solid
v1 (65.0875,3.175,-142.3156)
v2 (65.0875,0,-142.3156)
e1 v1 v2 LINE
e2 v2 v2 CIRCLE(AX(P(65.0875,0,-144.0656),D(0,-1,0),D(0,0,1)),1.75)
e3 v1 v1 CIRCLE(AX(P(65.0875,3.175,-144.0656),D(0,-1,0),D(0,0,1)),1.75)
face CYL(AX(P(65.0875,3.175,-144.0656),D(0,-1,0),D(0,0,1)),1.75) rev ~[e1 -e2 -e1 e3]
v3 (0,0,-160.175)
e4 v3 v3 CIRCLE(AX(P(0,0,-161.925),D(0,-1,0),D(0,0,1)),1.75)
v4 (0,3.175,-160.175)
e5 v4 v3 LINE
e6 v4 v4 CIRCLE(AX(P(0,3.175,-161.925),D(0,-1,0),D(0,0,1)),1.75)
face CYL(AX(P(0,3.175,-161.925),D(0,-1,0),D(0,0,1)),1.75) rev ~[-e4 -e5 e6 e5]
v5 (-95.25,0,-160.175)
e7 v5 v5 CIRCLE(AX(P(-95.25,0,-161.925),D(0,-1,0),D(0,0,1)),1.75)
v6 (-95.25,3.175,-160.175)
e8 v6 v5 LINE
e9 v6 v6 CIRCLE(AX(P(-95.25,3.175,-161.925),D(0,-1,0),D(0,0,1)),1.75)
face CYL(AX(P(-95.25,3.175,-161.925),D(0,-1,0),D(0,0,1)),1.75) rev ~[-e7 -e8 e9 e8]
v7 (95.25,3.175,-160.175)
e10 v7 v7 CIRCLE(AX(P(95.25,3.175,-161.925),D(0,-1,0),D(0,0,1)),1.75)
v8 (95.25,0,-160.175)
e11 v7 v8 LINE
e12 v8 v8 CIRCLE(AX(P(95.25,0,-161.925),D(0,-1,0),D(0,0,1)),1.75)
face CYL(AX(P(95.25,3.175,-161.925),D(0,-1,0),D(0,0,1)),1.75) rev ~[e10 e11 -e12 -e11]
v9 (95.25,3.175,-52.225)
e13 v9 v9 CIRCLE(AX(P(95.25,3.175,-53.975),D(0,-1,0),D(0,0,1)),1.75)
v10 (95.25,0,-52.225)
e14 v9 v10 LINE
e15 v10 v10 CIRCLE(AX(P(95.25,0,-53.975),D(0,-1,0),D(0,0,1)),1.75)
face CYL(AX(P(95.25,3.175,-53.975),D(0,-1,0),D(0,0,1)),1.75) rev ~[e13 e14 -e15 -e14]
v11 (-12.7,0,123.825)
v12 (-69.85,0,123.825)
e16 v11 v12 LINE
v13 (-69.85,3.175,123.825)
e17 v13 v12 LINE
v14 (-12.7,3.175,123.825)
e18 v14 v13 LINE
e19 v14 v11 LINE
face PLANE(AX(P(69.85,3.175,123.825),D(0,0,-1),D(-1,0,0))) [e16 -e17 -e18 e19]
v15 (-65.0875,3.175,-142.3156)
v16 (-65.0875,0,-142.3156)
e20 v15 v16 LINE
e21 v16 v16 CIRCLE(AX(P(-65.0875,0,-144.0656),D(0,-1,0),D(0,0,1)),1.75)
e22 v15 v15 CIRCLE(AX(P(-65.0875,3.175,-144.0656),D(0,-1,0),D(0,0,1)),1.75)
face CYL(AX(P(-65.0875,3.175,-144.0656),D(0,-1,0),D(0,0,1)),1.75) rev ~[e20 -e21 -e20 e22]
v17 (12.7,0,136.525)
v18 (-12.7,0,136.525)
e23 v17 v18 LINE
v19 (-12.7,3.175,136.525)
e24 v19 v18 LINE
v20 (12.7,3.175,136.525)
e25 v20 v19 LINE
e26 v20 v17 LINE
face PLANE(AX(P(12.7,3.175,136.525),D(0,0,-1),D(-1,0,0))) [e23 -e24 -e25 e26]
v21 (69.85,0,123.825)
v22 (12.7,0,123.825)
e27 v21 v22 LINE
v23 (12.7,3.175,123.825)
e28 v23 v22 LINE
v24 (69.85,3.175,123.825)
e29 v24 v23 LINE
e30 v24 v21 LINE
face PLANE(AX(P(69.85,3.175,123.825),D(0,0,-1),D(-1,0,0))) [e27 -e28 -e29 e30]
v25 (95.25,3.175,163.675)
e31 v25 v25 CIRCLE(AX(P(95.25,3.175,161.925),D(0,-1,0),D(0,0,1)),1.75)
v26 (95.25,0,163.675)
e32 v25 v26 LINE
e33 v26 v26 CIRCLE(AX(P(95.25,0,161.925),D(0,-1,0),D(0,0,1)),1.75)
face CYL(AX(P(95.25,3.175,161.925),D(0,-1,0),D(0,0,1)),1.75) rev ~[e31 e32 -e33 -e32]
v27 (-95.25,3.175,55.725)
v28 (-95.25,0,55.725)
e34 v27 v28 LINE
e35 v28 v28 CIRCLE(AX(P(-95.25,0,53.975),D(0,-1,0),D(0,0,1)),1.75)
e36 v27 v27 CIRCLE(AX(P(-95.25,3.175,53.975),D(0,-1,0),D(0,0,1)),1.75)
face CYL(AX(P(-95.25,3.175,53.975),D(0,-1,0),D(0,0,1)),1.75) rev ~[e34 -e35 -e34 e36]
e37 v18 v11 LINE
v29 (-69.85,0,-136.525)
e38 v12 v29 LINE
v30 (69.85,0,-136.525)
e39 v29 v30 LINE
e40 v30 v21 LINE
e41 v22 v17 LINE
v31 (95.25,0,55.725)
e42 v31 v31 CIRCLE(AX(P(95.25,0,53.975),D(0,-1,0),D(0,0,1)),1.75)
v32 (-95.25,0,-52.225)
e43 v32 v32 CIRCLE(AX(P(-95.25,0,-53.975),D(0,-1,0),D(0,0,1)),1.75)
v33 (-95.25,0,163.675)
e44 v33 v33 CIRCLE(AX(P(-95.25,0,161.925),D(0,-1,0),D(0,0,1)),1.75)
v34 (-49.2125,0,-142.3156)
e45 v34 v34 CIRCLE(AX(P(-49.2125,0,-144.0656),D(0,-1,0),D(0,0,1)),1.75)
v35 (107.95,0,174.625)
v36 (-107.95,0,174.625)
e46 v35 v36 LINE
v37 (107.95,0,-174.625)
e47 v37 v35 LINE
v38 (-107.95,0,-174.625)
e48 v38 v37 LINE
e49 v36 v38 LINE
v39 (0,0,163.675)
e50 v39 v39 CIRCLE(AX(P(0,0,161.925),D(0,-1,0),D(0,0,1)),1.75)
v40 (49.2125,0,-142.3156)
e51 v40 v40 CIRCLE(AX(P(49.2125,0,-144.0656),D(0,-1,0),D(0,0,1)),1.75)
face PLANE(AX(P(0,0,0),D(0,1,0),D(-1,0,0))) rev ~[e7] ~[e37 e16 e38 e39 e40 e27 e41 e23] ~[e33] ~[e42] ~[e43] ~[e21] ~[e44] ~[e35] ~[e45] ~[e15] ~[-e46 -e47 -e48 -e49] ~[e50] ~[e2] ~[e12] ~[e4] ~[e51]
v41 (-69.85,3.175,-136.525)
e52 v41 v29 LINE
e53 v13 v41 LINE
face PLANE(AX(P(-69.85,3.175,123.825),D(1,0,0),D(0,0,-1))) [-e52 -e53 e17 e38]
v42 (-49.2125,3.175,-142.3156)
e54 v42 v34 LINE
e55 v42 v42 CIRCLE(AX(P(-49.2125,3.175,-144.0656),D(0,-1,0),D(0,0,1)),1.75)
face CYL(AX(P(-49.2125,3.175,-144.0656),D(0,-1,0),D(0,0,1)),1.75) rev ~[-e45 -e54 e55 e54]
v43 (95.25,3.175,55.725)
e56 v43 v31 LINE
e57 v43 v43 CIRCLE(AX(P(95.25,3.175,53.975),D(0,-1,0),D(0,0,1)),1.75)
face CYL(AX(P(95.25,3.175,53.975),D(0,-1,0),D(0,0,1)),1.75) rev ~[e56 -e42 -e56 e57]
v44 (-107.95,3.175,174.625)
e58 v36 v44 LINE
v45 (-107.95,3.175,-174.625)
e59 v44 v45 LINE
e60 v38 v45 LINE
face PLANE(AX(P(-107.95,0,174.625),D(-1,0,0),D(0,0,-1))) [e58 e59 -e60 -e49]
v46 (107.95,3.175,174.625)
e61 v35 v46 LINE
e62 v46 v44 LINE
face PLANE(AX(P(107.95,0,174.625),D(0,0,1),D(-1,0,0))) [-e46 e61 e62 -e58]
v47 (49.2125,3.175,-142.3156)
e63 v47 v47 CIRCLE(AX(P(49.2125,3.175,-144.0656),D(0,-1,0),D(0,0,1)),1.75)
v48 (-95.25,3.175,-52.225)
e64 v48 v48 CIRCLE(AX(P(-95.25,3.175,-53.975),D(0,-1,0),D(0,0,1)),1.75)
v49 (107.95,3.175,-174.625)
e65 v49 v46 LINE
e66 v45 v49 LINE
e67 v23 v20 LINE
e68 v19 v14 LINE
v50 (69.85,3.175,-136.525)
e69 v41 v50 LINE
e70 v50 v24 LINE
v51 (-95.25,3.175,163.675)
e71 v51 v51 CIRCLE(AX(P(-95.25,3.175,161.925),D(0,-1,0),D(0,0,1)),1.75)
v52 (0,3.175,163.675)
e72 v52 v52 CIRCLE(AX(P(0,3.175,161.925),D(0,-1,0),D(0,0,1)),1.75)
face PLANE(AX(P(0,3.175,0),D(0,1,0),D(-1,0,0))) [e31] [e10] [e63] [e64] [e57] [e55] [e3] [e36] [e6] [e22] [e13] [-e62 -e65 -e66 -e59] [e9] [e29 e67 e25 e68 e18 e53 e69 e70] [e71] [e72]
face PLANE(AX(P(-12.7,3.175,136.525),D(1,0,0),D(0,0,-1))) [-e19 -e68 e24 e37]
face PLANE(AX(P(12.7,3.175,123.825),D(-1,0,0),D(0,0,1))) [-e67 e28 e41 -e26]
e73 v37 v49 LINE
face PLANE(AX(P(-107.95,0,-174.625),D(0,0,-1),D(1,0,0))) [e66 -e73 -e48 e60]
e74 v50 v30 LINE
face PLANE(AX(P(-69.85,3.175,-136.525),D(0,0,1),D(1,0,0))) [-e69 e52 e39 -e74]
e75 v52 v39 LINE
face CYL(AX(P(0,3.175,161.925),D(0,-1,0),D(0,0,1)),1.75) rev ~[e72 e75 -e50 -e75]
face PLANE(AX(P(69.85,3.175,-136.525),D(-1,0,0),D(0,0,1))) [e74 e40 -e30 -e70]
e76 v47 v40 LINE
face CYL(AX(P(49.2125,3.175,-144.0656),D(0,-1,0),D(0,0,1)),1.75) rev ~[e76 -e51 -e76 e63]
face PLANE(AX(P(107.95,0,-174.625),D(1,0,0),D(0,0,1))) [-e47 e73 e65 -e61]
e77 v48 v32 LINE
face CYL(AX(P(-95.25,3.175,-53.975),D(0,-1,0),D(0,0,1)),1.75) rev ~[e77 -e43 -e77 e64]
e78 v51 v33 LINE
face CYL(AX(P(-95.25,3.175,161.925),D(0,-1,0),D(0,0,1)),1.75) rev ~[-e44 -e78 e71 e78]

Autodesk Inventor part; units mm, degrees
ref_plane "YZ Plane" through (0, 0, 0) normal (1, 0, 0) x (0, 1, 0)
ref_plane "XZ Plane" through (0, 0, 0) normal (0, 1, 0) x (-1, 0, 0)
ref_plane "XY Plane" through (0, 0, 0) normal (0, 0, 1) x (1, 0, 0)
sketch "Sketch1" plane through (0, 0, 0) normal (0, 1, 0) x (-1, 0, 0)
  line L0 (107.95, -174.625) -> (-107.95, -174.625)
  line L1 (-107.95, -174.625) -> (-107.95, 174.625)
  line L2 (-107.95, 174.625) -> (107.95, 174.625)
  line L3 (107.95, 174.625) -> (107.95, -174.625)
  line L4 (107.95, -174.625) -> (-107.95, 174.625) construction
  line L5 (-107.95, -174.625) -> (107.95, 174.625) construction
  point P0 (0, 0)
  dimension "d0" = 215.9
  dimension "d1" = 349.25
extrude "Thickness" add sketch "Sketch1" along normal blind 3.175
sketch "Cutout Sketch" plane through (0, 3.175, 0) normal (0, 1, 0) x (1, 0, 0)
  line L0 (107.95, -174.625) -> (107.95, 174.625) projected
  line L1 (107.95, 174.625) -> (-107.95, 174.625) projected
  line L2 (-107.95, 174.625) -> (-107.95, -174.625) projected
  line L3 (-107.95, -174.625) -> (107.95, -174.625) projected
  line L4 (-69.85, 136.525) -> (69.85, 136.525)
  line L5 (69.85, 136.525) -> (69.85, -123.825)
  line L6 (69.85, -123.825) -> (-69.85, -123.825)
  line L7 (-69.85, -123.825) -> (-69.85, 136.525)
  point P0 (0, 0)
  dimension "d4" = 38.1
  dimension "d8" = 38.1
  dimension "d9" = 50.8
  dimension "d10" = 38.1
extrude "Cutout" cut sketch "Cutout Sketch" against normal blind 25.4 contours L4 L5 L6 L7
sketch "Sketch3" plane through (0, 3.175, 0) normal (0, 1, 0) x (1, 0, 0)
  line L0 (69.85, 136.525) -> (69.85, -123.825) projected
  line L1 (69.85, -123.825) -> (-69.85, -123.825) projected
  line L2 (-69.85, -123.825) -> (-69.85, 136.525) projected
  line L3 (-69.85, 136.525) -> (69.85, 136.525) projected
  line L4 (107.95, 174.625) -> (-107.95, 174.625) projected
  line L5 (-107.95, 174.625) -> (-107.95, -174.625) projected
  line L6 (-107.95, -174.625) -> (107.95, -174.625) projected
  line L7 (107.95, -174.625) -> (107.95, 174.625) projected
  line L8 (12.7, -136.525) -> (-12.7, -136.525)
  line L9 (-12.7, -136.525) -> (-12.7, -123.825)
  line L10 (-12.7, -123.825) -> (12.7, -123.825)
  line L11 (12.7, -123.825) -> (12.7, -136.525)
  point P0 (0, 0)
  point P1 (0, -136.525)
  point P2 (0, -123.825)
  dimension "d11" = 25.4
  dimension "d12" = 12.7
extrude "Extrusion3" cut sketch "Sketch3" against normal blind 25.4 contours L11 L8 L9 L1
sketch "Sketch4" plane through (0, 3.175, 0) normal (0, 1, 0) x (1, 0, 0)
  circle A0 centre (-65.0875, 144.0656) radius 1.75 projected
  circle A1 centre (65.0875, 144.0656) radius 1.75 projected
  circle A2 centre (49.2125, 144.0656) radius 1.75 projected
  circle A3 centre (-49.2125, 144.0656) radius 1.75 projected
  line L0 (-82.55, 136.525) -> (82.55, 136.525) projected
  line L1 (82.55, 136.525) -> (82.55, -136.525) projected
  line L2 (82.55, -136.525) -> (-82.55, -136.525) projected
  line L3 (-82.55, -136.525) -> (-82.55, 136.525) projected
  line L4 (107.95, 174.625) -> (-107.95, 174.625) projected
  line L5 (-107.95, 174.625) -> (-107.95, -174.625) projected
  line L6 (-107.95, -174.625) -> (107.95, -174.625) projected
  line L7 (107.95, -174.625) -> (107.95, 174.625) projected
  circle A4 centre (-95.25, -53.975) radius 1.75 projected
  circle A5 centre (0, -161.925) radius 1.75 projected
  circle A6 centre (95.25, -53.975) radius 1.75 projected
  circle A7 centre (95.25, -161.925) radius 1.75 projected
  circle A8 centre (-95.25, -161.925) radius 1.75 projected
  circle A9 centre (-95.25, 161.925) radius 1.75 projected
  circle A10 centre (95.25, 161.925) radius 1.75 projected
  circle A11 centre (95.25, 53.975) radius 1.75 projected
  circle A12 centre (0, 161.925) radius 1.75 projected
  circle A13 centre (-95.25, 53.975) radius 1.75 projected
  point P0 (0, 0)
hole "Hole1" at (65.0875, 3.175, -144.0656) at (49.2125, 3.175, -144.0656) at (-49.2125, 3.175, -144.0656) at (-65.0875, 3.175, -144.0656) direction (0, -1, 0) diameter 3.5 end through all
sketch "Sketch5" plane through (0, 3.175, 0) normal (0, 1, 0) x (1, 0, 0)
  circle A0 centre (-95.25, -53.975) radius 1.75 projected
  circle A1 centre (0, -161.925) radius 1.75 projected
  circle A2 centre (95.25, -53.975) radius 1.75 projected
  circle A3 centre (95.25, -161.925) radius 1.75 projected
  circle A4 centre (-95.25, -161.925) radius 1.75 projected
  circle A5 centre (-95.25, 161.925) radius 1.75 projected
  circle A6 centre (95.25, 161.925) radius 1.75 projected
  circle A7 centre (95.25, 53.975) radius 1.75 projected
  circle A8 centre (0, 161.925) radius 1.75 projected
  circle A9 centre (-95.25, 53.975) radius 1.75 projected
  circle A10 centre (-65.0875, 144.0656) radius 1.75 projected
  circle A11 centre (65.0875, 144.0656) radius 1.75 projected
  circle A12 centre (49.2125, 144.0656) radius 1.75 projected
  circle A13 centre (-49.2125, 144.0656) radius 1.75 projected
  line L0 (-82.55, 136.525) -> (82.55, 136.525) projected
  line L1 (82.55, 136.525) -> (82.55, -136.525) projected
  line L2 (82.55, -136.525) -> (-82.55, -136.525) projected
  line L3 (-82.55, -136.525) -> (-82.55, 136.525) projected
  line L4 (107.95, 174.625) -> (-107.95, 174.625) projected
  line L5 (-107.95, 174.625) -> (-107.95, -174.625) projected
  line L6 (-107.95, -174.625) -> (107.95, -174.625) projected
  line L7 (107.95, -174.625) -> (107.95, 174.625) projected
  point P0 (0, 0)
hole "Hole2" at (-95.25, 3.175, 161.925) at (0, 3.175, 161.925) at (95.25, 3.175, 161.925) at (95.25, 3.175, 53.975) at (95.25, 3.175, -53.975) at (95.25, 3.175, -161.925) at (0, 3.175, -161.925) at (-95.25, 3.175, -161.925) at (-95.25, 3.175, -53.975) at (-95.25, 3.175, 53.975) direction (0, -1, 0) diameter 3.5 end through all
properties part number "NASA-20-EBOX-T" material "Polycarbonate, Clear"
